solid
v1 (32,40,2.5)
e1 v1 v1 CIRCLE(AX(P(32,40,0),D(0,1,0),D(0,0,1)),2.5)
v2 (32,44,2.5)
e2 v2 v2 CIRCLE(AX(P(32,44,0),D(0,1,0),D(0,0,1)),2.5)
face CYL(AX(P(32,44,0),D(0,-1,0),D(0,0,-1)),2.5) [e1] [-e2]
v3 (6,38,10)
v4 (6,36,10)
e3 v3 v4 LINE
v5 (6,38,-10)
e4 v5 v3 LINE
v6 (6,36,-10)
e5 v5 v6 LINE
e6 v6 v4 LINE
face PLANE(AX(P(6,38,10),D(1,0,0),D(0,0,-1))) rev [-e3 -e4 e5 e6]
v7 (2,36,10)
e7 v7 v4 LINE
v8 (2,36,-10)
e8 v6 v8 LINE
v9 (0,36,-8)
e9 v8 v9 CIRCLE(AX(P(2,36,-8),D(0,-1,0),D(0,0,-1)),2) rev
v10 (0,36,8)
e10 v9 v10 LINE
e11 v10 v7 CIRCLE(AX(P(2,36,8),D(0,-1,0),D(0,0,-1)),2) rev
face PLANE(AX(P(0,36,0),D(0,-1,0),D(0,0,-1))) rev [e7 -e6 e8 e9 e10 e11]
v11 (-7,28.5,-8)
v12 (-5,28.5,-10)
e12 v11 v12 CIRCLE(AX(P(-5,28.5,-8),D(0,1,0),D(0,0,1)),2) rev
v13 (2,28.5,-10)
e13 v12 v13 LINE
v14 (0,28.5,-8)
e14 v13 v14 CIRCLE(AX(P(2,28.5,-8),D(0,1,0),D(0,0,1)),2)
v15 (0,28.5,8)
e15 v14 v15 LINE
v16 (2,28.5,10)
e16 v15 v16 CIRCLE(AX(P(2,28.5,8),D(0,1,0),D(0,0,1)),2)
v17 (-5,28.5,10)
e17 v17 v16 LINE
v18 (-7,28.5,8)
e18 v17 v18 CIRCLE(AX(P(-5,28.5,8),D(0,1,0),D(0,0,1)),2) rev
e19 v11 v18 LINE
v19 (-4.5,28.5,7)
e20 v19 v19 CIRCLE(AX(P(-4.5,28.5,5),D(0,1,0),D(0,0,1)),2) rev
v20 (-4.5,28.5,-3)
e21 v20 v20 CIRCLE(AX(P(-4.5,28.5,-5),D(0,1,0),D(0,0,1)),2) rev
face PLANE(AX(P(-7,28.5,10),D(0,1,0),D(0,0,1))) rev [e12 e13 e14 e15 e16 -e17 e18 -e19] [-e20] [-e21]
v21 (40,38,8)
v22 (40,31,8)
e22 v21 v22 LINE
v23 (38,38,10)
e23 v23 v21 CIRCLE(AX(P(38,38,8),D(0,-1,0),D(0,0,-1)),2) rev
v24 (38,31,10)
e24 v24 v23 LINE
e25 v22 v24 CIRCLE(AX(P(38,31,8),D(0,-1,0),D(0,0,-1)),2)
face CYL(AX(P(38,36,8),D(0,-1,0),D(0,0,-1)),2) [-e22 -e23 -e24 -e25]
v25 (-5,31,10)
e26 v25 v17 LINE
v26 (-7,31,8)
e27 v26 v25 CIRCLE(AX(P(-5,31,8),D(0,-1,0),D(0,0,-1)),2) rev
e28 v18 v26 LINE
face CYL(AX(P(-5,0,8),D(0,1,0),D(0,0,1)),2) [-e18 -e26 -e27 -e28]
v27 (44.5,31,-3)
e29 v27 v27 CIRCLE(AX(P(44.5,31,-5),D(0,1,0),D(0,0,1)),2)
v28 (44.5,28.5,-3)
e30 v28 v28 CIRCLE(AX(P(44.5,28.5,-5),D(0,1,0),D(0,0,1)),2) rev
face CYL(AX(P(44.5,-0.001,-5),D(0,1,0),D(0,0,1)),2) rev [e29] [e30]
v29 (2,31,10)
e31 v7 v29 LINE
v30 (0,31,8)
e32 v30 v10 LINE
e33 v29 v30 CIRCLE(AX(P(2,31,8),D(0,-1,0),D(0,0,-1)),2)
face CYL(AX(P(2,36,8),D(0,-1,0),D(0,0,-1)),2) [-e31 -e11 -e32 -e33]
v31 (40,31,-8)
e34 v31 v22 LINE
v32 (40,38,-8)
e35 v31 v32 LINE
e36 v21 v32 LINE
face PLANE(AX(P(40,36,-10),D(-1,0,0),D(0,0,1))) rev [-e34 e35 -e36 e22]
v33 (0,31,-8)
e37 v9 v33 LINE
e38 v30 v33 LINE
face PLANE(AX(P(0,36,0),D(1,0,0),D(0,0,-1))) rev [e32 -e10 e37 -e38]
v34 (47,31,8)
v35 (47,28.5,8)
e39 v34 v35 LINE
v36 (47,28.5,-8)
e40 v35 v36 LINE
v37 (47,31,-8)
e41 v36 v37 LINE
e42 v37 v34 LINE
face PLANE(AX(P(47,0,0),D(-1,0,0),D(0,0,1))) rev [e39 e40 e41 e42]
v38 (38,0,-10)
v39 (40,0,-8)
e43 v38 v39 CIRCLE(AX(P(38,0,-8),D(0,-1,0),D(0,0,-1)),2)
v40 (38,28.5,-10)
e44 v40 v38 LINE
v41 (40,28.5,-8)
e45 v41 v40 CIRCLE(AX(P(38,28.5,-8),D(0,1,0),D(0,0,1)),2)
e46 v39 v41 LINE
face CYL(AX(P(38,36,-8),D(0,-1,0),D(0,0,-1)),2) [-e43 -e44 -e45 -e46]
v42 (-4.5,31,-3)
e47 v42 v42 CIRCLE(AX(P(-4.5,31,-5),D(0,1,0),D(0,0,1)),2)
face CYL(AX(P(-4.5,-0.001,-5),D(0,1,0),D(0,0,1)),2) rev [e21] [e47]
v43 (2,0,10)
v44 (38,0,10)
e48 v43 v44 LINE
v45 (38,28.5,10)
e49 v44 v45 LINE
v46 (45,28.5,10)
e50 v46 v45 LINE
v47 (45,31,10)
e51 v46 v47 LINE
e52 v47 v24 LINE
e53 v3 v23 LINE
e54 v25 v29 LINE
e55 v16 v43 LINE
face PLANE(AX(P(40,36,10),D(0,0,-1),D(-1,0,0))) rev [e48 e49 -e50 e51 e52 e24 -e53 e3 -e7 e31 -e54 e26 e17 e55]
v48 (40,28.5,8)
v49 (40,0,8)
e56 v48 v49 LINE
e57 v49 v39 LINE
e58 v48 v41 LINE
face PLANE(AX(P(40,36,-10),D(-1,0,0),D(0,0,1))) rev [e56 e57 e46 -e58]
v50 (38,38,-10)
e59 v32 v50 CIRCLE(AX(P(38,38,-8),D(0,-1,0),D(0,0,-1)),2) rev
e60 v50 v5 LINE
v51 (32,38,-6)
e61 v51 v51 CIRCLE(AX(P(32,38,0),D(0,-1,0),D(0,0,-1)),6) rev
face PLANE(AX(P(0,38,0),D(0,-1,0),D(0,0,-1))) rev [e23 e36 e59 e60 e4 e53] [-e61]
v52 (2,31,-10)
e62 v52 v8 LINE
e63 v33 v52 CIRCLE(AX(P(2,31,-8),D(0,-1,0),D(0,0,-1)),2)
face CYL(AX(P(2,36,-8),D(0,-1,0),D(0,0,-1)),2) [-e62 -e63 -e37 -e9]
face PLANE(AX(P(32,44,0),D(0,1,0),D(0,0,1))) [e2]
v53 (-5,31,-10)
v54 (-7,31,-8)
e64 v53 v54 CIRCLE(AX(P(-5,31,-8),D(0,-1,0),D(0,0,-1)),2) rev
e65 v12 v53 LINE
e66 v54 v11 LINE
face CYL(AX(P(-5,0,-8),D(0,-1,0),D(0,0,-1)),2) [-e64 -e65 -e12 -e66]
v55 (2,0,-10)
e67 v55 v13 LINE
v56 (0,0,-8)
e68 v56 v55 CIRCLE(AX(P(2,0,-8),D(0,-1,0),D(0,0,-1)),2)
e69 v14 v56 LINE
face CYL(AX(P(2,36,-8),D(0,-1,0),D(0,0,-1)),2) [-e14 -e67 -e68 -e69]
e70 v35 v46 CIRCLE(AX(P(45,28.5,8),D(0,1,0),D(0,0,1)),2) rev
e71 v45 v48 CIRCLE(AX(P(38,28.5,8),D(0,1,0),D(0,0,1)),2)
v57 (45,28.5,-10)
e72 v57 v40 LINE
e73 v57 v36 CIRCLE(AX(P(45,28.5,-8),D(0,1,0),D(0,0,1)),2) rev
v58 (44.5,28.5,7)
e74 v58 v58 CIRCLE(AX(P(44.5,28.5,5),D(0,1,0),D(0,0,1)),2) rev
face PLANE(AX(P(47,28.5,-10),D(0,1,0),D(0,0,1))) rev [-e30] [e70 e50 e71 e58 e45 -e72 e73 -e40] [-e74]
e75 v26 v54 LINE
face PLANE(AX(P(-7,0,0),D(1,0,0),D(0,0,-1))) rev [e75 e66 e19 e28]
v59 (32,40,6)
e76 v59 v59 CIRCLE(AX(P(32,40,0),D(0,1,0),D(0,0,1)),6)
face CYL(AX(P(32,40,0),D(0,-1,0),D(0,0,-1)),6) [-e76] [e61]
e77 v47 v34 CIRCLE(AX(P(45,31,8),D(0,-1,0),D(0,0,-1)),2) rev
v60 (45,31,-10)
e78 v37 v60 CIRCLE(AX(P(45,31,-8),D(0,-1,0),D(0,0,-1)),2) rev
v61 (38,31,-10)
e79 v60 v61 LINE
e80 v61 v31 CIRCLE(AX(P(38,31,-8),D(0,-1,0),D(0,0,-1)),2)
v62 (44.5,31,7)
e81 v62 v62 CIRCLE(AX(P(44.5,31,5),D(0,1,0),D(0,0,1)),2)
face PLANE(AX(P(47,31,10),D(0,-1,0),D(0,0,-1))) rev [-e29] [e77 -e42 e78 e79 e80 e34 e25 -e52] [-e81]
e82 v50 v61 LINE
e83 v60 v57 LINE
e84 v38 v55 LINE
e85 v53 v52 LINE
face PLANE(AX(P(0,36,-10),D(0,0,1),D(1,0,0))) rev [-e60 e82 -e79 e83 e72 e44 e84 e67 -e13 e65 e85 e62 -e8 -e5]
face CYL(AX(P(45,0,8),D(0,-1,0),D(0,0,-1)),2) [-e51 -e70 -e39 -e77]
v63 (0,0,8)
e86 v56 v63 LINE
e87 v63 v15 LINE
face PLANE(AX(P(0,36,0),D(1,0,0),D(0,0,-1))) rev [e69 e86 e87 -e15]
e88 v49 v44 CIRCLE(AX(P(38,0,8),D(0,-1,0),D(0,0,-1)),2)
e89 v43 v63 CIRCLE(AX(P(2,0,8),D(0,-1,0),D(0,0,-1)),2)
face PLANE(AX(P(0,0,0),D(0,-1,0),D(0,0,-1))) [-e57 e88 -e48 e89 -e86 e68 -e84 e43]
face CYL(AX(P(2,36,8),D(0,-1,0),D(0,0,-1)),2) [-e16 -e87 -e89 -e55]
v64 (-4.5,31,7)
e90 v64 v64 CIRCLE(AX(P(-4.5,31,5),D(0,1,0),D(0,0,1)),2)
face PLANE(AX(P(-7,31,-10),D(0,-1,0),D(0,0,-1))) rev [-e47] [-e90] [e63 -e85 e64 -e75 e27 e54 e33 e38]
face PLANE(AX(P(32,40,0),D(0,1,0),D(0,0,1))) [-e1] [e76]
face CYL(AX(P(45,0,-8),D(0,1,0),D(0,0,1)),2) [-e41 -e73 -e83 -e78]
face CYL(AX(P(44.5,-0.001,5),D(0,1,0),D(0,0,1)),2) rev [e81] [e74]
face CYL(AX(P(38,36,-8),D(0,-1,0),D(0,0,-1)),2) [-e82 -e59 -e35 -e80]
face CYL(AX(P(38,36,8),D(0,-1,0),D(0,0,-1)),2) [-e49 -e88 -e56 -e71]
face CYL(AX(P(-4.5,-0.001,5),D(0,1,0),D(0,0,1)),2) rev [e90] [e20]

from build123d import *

# Parameters (mm, degrees)
BOSS_EXTRU_1_DEPTH      = 36
ESQUISSE2_W             = 34
ESQUISSE2_H             = 20
BOSS_EXTRU_2_DEPTH      = 2
ESQUISSE3_R             = 6
BOSS_EXTRU_3_DEPTH      = 2
ESQUISSE4_R             = 2.5
BOSS_EXTRU_4_DEPTH      = 4
ESQUISSE5_W             = 20
ESQUISSE5_H             = 2.5
BOSS_EXTRU_5_DEPTH      = 7
ENL_V_MAT_EXTRU_1_REACH = 53.585
ESQUISSE6_R             = 2
CONG_1_R                = 2
ESQUISSE7_W             = 20
ESQUISSE7_H             = 2.5
BOSS_EXTRU_6_DEPTH      = 7
ENL_V_MAT_EXTRU_2_REACH = 59.184
ESQUISSE8_R             = 2
CONG_2_R                = 2


with BuildPart() as part:
    # Esquisse1 → Boss.-Extru.1 (new body)
    with BuildSketch(Plane(origin=(0, 0, 0), x_dir=(1, 0, 0), z_dir=(0, 1, 0))):
        Polygon((0, 0), (0, 10), (40, 10), (40, -10), (0, -10), align=None)
    extrude(amount=BOSS_EXTRU_1_DEPTH)

    # Esquisse2 → Boss.-Extru.2 (add)
    with BuildSketch(Plane(origin=(0, 36, 0), x_dir=(1, 0, 0), z_dir=(0, 1, 0))):
        with Locations((23, 0)):
            Rectangle(ESQUISSE2_W, ESQUISSE2_H)
    extrude(amount=BOSS_EXTRU_2_DEPTH)

    # Esquisse3 → Boss.-Extru.3 (add)
    with BuildSketch(Plane(origin=(0, 38, 0), x_dir=(1, 0, 0), z_dir=(0, 1, 0))):
        with Locations(Location((32, 0, 0), (0, 0, 90))):
            Circle(ESQUISSE3_R)
    extrude(amount=BOSS_EXTRU_3_DEPTH)

    # Esquisse4 → Boss.-Extru.4 (add)
    with BuildSketch(Plane(origin=(0, 40, 0), x_dir=(1, 0, 0), z_dir=(0, 1, 0))):
        with Locations(Location((32, 0, 0), (0, 0, 270))):
            Circle(ESQUISSE4_R)
    extrude(amount=BOSS_EXTRU_4_DEPTH)

    # Esquisse5 → Boss.-Extru.5 (add)
    with BuildSketch(Plane.ZY):
        with Locations((0, 29.75)):
            Rectangle(ESQUISSE5_W, ESQUISSE5_H)
    extrude(amount=BOSS_EXTRU_5_DEPTH)

    # Esquisse6 → Enlèv. mat.-Extru.1 (cut, up to next)
    with BuildSketch(Plane(origin=(0, 31, 0), x_dir=(1, 0, 0), z_dir=(0, 1, 0)), mode=Mode.PRIVATE) as enl_v_mat_extru_1_sk1:
        with Locations(Location((-4.5, 5, 0), (0, 0, 270))):
            Circle(ESQUISSE6_R)
    enl_v_mat_extru_1_tool1 = extrude(enl_v_mat_extru_1_sk1.sketch, amount=-ENL_V_MAT_EXTRU_1_REACH, mode=Mode.PRIVATE) & part.part
    # Esquisse6 → Enlèv. mat.-Extru.1 (cut, up to next)
    with BuildSketch(Plane(origin=(0, 31, 0), x_dir=(1, 0, 0), z_dir=(0, 1, 0)), mode=Mode.PRIVATE) as enl_v_mat_extru_1_sk2:
        with Locations(Location((-4.5, -5, 0), (0, 0, 270))):
            Circle(ESQUISSE6_R)
    enl_v_mat_extru_1_tool2 = extrude(enl_v_mat_extru_1_sk2.sketch, amount=-ENL_V_MAT_EXTRU_1_REACH, mode=Mode.PRIVATE) & part.part
    add(enl_v_mat_extru_1_tool1.solids().sort_by_distance((-4.5, 31, -5))[0], mode=Mode.SUBTRACT)
    add(enl_v_mat_extru_1_tool2.solids().sort_by_distance((-4.5, 31, 5))[0], mode=Mode.SUBTRACT)

    # Congé1
    cong_1_edges = [part.edges().sort_by_distance(p)[0] for p in [
        (0, 14.25, 10),
        (0, 14.25, -10),
        (-7, 29.75, -10),
        (-7, 29.75, 10),
        (0, 33.5, -10),
        (0, 33.5, 10),
    ]]
    fillet(cong_1_edges, radius=CONG_1_R)

    # Esquisse7 → Boss.-Extru.6 (add)
    with BuildSketch(Plane(origin=(40, 0, 0), x_dir=(0, 0, -1), z_dir=(1, 0, 0))):
        with Locations((0, 29.75)):
            Rectangle(ESQUISSE7_W, ESQUISSE7_H)
    extrude(amount=BOSS_EXTRU_6_DEPTH)

    # Esquisse8 → Enlèv. mat.-Extru.2 (cut, up to next)
    with BuildSketch(Plane(origin=(0, 31, 0), x_dir=(1, 0, 0), z_dir=(0, 1, 0)), mode=Mode.PRIVATE) as enl_v_mat_extru_2_sk1:
        with Locations(Location((44.5, 5, 0), (0, 0, 270))):
            Circle(ESQUISSE8_R)
    enl_v_mat_extru_2_tool1 = extrude(enl_v_mat_extru_2_sk1.sketch, amount=-ENL_V_MAT_EXTRU_2_REACH, mode=Mode.PRIVATE) & part.part
    # Esquisse8 → Enlèv. mat.-Extru.2 (cut, up to next)
    with BuildSketch(Plane(origin=(0, 31, 0), x_dir=(1, 0, 0), z_dir=(0, 1, 0)), mode=Mode.PRIVATE) as enl_v_mat_extru_2_sk2:
        with Locations(Location((44.5, -5, 0), (0, 0, 270))):
            Circle(ESQUISSE8_R)
    enl_v_mat_extru_2_tool2 = extrude(enl_v_mat_extru_2_sk2.sketch, amount=-ENL_V_MAT_EXTRU_2_REACH, mode=Mode.PRIVATE) & part.part
    add(enl_v_mat_extru_2_tool1.solids().sort_by_distance((44.5, 31, -5))[0], mode=Mode.SUBTRACT)
    add(enl_v_mat_extru_2_tool2.solids().sort_by_distance((44.5, 31, 5))[0], mode=Mode.SUBTRACT)

    # Congé2
    cong_2_edges = [part.edges().sort_by_distance(p)[0] for p in [
        (40, 14.25, -10),
        (40, 14.25, 10),
        (47, 29.75, 10),
        (47, 29.75, -10),
        (40, 34.5, -10),
        (40, 34.5, 10),
    ]]
    fillet(cong_2_edges, radius=CONG_2_R)


solid = part.part
